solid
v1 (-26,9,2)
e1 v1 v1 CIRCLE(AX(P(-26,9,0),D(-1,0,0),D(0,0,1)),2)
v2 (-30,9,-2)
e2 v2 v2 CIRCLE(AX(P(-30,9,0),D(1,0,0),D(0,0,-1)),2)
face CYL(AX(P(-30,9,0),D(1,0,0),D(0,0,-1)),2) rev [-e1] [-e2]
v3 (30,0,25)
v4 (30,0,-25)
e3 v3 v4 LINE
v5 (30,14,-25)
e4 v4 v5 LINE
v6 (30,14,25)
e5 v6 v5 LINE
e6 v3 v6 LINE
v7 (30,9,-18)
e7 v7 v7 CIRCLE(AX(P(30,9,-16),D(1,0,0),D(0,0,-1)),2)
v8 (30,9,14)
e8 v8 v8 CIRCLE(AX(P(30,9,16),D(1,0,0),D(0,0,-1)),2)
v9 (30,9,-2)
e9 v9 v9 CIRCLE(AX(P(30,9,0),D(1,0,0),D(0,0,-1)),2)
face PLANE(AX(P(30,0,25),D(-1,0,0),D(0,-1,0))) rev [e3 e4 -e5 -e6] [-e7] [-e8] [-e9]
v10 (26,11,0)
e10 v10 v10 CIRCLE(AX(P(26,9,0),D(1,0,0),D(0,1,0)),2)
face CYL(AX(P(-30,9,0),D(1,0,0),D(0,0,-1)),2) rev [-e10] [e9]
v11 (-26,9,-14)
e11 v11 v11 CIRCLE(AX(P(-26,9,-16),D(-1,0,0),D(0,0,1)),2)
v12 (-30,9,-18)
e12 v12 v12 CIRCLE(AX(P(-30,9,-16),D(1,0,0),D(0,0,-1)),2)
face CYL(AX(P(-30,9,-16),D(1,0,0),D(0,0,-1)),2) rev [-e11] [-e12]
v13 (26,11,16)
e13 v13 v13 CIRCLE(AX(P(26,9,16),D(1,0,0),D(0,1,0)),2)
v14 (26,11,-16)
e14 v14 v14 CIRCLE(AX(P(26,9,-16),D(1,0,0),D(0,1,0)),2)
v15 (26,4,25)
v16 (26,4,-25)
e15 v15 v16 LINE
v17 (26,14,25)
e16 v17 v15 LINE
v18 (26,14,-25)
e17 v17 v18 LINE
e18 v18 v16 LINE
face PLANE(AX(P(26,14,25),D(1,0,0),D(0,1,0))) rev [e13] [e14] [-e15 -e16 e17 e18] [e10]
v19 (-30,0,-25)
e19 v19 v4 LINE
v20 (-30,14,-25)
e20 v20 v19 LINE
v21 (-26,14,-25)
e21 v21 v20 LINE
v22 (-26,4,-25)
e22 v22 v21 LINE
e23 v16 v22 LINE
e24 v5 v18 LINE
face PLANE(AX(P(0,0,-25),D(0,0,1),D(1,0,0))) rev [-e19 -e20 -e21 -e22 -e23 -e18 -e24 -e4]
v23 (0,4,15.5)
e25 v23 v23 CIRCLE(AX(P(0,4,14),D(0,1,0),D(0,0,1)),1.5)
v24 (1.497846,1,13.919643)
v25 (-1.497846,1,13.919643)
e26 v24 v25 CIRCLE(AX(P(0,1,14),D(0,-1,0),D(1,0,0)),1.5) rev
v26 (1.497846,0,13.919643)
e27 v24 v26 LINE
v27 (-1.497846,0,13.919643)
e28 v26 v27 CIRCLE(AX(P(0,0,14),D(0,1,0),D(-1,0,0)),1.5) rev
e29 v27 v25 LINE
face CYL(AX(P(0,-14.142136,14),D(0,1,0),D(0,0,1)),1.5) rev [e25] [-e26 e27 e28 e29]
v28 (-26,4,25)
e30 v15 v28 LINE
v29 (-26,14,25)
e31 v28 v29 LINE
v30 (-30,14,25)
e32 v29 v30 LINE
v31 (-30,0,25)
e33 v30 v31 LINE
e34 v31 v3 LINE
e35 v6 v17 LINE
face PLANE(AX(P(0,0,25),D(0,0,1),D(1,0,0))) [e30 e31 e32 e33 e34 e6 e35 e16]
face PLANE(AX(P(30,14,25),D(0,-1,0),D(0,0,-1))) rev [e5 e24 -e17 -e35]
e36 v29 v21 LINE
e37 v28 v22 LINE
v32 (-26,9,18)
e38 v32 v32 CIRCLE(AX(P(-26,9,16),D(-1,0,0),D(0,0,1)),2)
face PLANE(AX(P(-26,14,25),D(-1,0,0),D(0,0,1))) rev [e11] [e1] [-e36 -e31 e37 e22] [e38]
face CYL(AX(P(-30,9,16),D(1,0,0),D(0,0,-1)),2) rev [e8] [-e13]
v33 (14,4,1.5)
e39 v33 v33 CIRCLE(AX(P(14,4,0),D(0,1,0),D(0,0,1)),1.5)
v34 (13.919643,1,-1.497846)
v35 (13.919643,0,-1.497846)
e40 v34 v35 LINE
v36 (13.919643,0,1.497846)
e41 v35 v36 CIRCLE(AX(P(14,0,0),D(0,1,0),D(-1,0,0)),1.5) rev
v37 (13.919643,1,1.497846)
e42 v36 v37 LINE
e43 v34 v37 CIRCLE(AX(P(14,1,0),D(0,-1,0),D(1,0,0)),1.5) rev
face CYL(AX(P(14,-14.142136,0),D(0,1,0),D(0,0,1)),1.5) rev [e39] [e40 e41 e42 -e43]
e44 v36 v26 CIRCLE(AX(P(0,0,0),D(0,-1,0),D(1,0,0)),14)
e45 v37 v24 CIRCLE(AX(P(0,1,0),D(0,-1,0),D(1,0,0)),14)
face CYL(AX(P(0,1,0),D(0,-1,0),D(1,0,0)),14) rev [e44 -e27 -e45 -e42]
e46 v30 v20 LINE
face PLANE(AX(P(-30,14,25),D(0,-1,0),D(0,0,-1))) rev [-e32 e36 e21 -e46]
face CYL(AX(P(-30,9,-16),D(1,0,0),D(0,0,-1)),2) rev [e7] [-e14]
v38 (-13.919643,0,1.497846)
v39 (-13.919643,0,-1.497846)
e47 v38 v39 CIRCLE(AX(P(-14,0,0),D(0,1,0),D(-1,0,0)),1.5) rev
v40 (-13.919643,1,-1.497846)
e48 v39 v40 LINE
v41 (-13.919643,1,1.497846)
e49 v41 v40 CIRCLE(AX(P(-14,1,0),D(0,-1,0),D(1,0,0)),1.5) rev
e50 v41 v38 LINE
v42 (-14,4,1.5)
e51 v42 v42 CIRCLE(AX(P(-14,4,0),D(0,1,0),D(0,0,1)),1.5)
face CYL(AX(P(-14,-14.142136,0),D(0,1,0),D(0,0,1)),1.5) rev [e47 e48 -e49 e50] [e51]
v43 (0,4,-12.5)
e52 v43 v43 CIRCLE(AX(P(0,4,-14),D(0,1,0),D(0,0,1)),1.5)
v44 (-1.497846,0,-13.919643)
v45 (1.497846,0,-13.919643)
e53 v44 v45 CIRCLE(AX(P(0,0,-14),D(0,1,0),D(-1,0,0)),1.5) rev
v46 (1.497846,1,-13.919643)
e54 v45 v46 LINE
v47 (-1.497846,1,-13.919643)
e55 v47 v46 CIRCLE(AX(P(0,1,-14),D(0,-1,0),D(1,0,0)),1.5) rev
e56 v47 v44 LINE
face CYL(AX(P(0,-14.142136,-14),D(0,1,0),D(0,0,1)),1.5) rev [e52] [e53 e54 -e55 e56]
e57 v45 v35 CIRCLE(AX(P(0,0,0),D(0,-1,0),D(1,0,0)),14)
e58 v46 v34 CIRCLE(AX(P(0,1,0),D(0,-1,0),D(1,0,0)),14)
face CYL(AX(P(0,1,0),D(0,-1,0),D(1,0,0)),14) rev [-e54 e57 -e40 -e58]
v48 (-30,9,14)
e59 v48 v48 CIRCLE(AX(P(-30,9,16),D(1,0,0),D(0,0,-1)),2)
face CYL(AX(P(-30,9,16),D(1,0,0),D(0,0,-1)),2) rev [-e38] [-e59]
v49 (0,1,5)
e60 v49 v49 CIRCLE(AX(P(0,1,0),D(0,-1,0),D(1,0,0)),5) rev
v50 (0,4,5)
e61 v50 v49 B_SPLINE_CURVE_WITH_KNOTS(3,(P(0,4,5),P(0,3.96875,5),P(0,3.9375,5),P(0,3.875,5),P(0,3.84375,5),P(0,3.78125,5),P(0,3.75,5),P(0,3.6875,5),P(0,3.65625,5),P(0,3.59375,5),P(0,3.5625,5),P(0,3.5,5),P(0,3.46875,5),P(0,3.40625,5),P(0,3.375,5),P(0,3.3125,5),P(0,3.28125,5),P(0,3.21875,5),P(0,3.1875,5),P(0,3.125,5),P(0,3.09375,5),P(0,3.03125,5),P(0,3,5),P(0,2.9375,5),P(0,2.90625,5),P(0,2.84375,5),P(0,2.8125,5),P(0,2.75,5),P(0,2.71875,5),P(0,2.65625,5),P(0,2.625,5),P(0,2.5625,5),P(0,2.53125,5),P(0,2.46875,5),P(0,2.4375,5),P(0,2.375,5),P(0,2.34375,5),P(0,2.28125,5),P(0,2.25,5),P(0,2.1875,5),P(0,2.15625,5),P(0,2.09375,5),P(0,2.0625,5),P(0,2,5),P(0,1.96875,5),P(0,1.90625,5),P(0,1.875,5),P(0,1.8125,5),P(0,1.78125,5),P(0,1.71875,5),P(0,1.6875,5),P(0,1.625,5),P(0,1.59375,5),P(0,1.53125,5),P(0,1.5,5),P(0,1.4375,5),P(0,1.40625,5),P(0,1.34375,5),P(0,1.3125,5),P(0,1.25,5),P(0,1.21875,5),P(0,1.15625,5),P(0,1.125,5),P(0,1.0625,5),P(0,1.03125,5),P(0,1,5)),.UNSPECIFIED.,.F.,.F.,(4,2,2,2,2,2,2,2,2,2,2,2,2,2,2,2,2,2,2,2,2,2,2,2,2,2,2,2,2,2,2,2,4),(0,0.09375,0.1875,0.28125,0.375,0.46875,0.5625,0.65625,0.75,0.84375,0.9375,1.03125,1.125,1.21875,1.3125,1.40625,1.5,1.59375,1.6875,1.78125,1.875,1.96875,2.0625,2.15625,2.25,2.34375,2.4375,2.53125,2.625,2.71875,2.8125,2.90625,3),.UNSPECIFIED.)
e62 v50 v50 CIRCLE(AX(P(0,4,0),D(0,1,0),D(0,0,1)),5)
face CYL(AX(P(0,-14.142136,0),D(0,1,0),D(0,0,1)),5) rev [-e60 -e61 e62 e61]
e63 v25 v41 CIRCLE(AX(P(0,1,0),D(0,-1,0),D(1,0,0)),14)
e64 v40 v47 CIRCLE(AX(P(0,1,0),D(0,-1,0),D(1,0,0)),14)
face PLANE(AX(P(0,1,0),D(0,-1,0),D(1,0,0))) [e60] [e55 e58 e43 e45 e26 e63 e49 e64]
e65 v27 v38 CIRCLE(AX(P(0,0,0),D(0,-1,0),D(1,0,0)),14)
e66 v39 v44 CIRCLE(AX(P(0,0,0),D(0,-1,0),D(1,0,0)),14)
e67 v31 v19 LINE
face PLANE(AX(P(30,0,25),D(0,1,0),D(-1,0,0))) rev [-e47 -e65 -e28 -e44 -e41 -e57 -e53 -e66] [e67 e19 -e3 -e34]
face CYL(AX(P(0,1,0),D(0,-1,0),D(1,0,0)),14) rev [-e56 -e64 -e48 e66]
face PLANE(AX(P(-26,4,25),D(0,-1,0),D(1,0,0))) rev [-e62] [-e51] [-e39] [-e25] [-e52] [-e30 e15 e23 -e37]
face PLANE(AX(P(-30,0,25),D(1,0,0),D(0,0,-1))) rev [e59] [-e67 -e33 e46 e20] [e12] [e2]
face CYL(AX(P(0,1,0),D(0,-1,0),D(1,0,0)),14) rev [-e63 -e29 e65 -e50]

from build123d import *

# Parameters (mm, degrees)
EXTRUDE_1_DEPTH     = 25
SKETCH_3_R          = 5
SKETCH_3_R_2        = 1.5
CUT_EXTRUDE_2_DEPTH = 4
SKETCH_4_R          = 14
CUT_EXTRUDE_3_DEPTH = 1
SKETCH_2_R          = 2
CUT_EXTRUDE_4_DEPTH = 67.49060084


with BuildPart() as part:
    # 草图1 → 凸台-拉伸1 (new, symmetric)
    with BuildSketch(Plane.XY):
        Polygon((30, 0), (-30, 0), (-30, 14), (-26, 14), (-26, 4), (26, 4), (26, 14), (30, 14), align=None)
    extrude(amount=EXTRUDE_1_DEPTH, both=True)

    # 草图3 → 切除-拉伸2 (cut)
    with BuildSketch(Plane(origin=(0, 4, 0), x_dir=(1, 0, 0), z_dir=(0, 1, 0))):
        with Locations(Location((0, 0, 0), (0, 0, 270))):
            Circle(SKETCH_3_R)
        with Locations(Location((0, 14, 0), (0, 0, 270))):
            Circle(SKETCH_3_R_2)
        with Locations(Location((14, 0, 0), (0, 0, 270))):
            Circle(SKETCH_3_R_2)
        with Locations(Location((0, -14, 0), (0, 0, 270))):
            Circle(SKETCH_3_R_2)
        with Locations(Location((-14, 0, 0), (0, 0, 270))):
            Circle(SKETCH_3_R_2)
    extrude(amount=-CUT_EXTRUDE_2_DEPTH, mode=Mode.SUBTRACT)

    # 草图4 → 切除-拉伸3 (cut)
    with BuildSketch(Plane.XZ):
        Circle(SKETCH_4_R)
    extrude(amount=-CUT_EXTRUDE_3_DEPTH, mode=Mode.SUBTRACT)

    # 草图2 → 切除-拉伸4 (cut, through all)
    with BuildSketch(Plane(origin=(30, 0, 0), x_dir=(0, 0, -1), z_dir=(1, 0, 0))):
        with Locations((-16, 9)):
            Circle(SKETCH_2_R)
        with Locations((0, 9)):
            Circle(SKETCH_2_R)
        with Locations((16, 9)):
            Circle(SKETCH_2_R)
    extrude(amount=-CUT_EXTRUDE_4_DEPTH, mode=Mode.SUBTRACT)


solid = part.part
